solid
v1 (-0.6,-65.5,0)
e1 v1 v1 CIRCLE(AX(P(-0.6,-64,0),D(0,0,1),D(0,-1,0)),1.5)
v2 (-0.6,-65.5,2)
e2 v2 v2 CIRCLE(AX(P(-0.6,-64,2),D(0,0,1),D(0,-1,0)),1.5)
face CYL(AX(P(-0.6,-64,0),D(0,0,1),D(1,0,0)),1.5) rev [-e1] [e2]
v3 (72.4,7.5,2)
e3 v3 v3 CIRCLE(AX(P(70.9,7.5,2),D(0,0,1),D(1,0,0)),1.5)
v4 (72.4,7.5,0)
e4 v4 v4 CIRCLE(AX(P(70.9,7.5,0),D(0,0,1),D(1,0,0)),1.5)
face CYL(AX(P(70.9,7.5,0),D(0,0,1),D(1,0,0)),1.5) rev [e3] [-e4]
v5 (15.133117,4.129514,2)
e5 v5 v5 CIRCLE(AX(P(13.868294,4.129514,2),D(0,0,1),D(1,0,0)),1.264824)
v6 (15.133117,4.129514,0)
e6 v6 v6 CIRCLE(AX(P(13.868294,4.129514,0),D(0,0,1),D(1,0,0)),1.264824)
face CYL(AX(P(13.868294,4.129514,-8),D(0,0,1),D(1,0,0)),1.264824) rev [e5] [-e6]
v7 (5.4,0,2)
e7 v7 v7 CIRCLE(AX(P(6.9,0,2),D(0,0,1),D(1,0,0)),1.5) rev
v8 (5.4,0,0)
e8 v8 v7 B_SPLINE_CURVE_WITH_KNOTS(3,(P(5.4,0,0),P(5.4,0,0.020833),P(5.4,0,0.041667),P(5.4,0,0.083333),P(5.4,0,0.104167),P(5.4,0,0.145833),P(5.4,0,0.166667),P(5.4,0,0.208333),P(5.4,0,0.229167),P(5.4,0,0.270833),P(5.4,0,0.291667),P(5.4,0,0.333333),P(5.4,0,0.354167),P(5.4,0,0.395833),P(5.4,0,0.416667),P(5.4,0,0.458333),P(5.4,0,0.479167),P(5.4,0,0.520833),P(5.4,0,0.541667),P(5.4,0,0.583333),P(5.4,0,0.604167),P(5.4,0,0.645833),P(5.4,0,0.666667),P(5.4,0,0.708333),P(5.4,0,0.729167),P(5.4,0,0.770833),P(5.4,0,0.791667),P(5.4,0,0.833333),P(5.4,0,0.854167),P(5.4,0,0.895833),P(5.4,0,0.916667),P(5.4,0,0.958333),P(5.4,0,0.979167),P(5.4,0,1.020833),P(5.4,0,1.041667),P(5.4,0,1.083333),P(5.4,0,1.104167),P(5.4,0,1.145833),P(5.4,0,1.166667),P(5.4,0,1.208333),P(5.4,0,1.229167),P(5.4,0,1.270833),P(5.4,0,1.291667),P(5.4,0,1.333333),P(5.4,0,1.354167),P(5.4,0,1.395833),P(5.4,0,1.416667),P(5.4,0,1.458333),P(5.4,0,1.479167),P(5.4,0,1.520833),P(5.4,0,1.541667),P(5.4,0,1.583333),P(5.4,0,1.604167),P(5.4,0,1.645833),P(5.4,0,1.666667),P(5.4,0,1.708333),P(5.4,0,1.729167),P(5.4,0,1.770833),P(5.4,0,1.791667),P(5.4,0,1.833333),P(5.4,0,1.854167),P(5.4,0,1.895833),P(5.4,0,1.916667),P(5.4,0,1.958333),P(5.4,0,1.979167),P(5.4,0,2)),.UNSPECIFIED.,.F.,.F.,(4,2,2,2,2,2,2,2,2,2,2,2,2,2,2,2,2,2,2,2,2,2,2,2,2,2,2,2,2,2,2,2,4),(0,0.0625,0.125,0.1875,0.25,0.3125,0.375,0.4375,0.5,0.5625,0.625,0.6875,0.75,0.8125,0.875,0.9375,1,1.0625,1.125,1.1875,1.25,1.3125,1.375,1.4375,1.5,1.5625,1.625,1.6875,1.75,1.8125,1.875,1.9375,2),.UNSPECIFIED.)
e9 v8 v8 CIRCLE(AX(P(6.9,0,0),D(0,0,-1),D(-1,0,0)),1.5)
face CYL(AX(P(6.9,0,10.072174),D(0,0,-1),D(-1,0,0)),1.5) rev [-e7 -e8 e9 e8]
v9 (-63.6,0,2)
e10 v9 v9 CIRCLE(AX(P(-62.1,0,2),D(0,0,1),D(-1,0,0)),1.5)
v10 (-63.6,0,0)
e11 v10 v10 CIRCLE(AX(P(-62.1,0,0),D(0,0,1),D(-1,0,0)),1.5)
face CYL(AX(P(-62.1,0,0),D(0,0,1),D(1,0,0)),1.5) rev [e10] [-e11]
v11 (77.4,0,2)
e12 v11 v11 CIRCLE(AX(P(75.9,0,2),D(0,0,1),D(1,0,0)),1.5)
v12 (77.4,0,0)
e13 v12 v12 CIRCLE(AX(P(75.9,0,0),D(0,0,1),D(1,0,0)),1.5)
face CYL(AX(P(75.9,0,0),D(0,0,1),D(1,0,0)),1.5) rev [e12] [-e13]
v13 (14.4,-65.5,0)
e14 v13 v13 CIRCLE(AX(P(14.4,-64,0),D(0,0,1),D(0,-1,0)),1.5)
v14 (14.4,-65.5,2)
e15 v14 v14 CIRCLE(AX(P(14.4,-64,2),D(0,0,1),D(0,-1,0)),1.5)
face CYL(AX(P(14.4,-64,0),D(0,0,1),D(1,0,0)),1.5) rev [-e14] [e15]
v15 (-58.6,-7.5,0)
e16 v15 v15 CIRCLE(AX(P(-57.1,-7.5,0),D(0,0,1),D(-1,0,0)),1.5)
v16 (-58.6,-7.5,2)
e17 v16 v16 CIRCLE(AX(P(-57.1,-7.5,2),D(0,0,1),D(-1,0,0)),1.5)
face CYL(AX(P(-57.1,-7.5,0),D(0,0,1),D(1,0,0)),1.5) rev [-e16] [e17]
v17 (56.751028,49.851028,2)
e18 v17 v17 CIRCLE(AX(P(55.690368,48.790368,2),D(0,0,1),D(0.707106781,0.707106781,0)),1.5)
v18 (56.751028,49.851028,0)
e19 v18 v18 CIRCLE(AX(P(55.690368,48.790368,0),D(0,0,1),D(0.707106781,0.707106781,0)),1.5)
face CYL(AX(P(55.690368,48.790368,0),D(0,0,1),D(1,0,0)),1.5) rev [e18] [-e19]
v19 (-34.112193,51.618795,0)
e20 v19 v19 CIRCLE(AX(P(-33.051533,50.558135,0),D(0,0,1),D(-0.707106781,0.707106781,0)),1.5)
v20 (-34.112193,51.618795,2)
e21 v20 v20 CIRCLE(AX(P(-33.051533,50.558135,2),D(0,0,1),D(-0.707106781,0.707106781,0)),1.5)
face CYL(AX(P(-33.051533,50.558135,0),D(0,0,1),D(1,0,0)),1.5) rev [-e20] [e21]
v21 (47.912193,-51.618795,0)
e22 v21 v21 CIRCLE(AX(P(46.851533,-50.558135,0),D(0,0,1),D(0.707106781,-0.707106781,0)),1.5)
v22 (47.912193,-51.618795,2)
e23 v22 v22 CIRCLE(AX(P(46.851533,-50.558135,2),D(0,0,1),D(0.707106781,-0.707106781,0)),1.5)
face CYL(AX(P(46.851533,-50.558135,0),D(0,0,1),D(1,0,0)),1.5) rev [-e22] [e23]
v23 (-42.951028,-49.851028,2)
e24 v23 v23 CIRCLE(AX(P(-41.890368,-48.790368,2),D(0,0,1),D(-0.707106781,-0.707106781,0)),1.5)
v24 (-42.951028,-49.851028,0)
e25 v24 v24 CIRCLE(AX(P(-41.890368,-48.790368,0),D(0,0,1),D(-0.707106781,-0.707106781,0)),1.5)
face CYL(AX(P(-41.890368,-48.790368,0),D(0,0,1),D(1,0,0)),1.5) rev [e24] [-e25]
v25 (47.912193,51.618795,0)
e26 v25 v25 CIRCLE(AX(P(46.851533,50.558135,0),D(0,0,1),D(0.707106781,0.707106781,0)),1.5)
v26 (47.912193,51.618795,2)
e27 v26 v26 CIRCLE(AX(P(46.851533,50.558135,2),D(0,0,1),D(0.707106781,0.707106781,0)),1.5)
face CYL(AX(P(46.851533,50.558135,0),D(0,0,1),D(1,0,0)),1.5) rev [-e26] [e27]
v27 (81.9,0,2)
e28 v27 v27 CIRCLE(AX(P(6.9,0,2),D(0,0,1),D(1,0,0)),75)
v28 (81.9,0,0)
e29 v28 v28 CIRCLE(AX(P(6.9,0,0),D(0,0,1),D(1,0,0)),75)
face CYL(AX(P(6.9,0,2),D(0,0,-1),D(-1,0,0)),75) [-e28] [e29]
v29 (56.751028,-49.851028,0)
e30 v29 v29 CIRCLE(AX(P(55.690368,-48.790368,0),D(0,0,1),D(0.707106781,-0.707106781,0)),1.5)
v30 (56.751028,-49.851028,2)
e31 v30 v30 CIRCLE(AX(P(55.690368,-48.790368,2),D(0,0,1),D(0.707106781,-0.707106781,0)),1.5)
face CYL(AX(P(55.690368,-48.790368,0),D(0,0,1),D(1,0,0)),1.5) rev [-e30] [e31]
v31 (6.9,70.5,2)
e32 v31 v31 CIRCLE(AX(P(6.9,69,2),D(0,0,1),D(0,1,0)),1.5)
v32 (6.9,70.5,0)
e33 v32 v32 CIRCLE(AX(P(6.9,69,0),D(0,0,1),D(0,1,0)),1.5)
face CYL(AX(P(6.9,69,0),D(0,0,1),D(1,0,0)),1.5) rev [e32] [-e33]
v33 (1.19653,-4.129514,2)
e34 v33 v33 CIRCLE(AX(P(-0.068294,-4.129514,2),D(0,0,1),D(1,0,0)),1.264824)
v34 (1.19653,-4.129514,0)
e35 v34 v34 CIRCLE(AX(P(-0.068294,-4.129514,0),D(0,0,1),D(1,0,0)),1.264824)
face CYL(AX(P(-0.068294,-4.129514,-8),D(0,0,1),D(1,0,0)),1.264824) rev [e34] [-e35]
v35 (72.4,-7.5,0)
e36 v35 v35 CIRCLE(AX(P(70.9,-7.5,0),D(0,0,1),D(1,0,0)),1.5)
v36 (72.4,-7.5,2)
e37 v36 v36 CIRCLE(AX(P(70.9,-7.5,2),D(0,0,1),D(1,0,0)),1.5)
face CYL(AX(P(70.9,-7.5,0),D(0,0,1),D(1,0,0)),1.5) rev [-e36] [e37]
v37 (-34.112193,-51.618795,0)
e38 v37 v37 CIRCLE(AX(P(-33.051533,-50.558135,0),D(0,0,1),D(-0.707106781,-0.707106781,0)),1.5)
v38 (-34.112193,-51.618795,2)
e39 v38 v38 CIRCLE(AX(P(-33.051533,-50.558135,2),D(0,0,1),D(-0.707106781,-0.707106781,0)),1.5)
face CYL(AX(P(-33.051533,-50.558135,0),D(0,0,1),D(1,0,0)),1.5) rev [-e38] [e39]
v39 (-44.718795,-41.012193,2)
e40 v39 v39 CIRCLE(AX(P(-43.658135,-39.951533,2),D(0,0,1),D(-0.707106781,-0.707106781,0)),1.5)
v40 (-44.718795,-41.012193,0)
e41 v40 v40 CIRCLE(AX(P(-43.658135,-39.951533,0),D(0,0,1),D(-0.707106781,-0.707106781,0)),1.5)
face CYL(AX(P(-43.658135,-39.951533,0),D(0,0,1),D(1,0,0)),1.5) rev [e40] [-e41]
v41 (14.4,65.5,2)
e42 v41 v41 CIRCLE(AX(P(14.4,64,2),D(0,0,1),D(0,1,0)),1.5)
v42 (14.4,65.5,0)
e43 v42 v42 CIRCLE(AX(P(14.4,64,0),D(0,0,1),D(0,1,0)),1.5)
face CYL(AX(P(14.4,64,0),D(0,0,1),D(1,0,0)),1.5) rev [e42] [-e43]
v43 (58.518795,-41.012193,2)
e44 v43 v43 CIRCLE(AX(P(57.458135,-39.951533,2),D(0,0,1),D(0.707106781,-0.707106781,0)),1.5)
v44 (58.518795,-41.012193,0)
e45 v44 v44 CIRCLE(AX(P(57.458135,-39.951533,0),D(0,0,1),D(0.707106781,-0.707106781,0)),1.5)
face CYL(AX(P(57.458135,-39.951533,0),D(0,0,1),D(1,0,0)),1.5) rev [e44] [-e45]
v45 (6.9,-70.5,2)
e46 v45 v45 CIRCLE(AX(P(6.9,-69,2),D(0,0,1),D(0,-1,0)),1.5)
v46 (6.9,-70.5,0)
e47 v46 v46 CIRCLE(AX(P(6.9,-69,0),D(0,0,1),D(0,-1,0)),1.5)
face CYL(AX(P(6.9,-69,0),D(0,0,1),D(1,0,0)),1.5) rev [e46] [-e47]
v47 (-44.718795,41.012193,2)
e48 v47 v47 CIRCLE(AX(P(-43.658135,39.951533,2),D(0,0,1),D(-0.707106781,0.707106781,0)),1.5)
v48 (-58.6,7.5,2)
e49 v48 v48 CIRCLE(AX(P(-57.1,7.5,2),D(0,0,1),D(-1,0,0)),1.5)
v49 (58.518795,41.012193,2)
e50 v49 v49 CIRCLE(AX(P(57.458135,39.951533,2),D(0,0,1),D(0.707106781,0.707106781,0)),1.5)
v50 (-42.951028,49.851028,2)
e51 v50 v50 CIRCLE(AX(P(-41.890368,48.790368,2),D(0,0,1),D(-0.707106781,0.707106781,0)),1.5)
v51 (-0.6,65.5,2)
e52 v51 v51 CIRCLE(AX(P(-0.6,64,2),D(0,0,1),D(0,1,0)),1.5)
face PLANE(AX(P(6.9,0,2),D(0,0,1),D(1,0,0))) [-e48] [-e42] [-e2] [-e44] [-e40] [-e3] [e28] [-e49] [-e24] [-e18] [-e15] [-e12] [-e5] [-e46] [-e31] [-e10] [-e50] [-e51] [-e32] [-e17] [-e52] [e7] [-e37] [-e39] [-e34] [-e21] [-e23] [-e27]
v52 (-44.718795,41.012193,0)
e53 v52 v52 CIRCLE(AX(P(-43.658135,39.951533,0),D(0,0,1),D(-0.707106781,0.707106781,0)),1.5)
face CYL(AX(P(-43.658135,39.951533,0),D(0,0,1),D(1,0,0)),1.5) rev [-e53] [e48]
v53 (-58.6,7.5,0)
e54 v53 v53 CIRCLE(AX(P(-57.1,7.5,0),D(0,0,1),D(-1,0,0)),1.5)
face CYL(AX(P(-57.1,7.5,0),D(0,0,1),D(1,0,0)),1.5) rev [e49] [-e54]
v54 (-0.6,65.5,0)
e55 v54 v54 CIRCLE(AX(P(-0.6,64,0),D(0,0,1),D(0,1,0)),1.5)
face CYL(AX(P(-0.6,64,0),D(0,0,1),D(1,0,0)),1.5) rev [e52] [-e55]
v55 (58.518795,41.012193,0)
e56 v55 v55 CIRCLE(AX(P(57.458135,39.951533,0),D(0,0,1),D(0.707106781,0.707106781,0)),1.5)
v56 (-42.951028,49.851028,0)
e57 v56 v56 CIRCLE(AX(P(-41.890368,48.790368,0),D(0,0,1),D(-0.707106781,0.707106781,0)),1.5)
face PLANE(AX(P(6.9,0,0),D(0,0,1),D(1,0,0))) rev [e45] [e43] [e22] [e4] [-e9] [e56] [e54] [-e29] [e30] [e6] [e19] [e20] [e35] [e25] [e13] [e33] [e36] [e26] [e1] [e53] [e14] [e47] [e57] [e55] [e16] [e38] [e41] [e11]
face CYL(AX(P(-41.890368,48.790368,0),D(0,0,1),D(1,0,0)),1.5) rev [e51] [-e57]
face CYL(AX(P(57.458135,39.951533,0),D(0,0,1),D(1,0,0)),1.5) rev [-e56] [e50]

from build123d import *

# Parameters (mm, degrees)
SKETCH1_R           = 75
BOSS_EXTRUDE3_DEPTH = 2
SKETCH2_R           = 1.5
CUT_EXTRUDE1_DEPTH  = 2
CIRPATTERN2_COUNT   = 8
SKETCH3_R           = 1.5
BOSS_EXTRUDE4_DEPTH = 2
SKETCH4_R           = 1.264823641
CUT_EXTRUDE2_DEPTH  = 10


with BuildPart() as part:
    # Sketch1 → Boss-Extrude3 (new body)
    with BuildSketch(Plane.XY):
        with Locations((6.9, 0)):
            Circle(SKETCH1_R)
        with BuildLine():
            Line((9.3, 1.8), (9.3, -1.8))
            ThreePointArc((9.3, -1.8), (3.9, 0), (9.3, 1.8))
        make_face(mode=Mode.SUBTRACT)
    extrude(amount=BOSS_EXTRUDE3_DEPTH)

    # Sketch2 → Cut-Extrude1 (cut)
    with BuildSketch(Plane.XY.offset(2)):
        with Locations((75.9, 0)):
            Circle(SKETCH2_R)
        with Locations((70.9, -7.5)):
            Circle(SKETCH2_R)
        with Locations((70.9, 7.5)):
            Circle(SKETCH2_R)
    cut_extrude1 = extrude(amount=-CUT_EXTRUDE1_DEPTH, mode=Mode.SUBTRACT)

    # CirPattern2: Cut-Extrude1 ×8 about axis
    cirpattern2_axis = Axis((6.9, 0, 0), (0, 0, 1))
    for i in range(1, CIRPATTERN2_COUNT):
        add(cut_extrude1.rotate(cirpattern2_axis, i * 360 / CIRPATTERN2_COUNT), mode=Mode.SUBTRACT)

    # Sketch3 → Boss-Extrude4 (add)
    with BuildSketch(Plane(origin=(0, 0, 0), x_dir=(-1, 0, 0), z_dir=(0, 0, -1))):
        with BuildLine():
            Line((-9.3, -1.8), (-9.3, 1.8))
            ThreePointArc((-9.3, 1.8), (-3.9, 0), (-9.3, -1.8))
        make_face()
        with Locations((-6.9, 0)):
            Circle(SKETCH3_R, mode=Mode.SUBTRACT)
    extrude(amount=-BOSS_EXTRUDE4_DEPTH)

    # Sketch4 → Cut-Extrude2 (cut)
    with BuildSketch(Plane.XY.offset(2)):
        with Locations((13.868293577, 4.129513848)):
            Circle(SKETCH4_R)
        with Locations((-0.068293577, -4.129513848)):
            Circle(SKETCH4_R)
    extrude(amount=-CUT_EXTRUDE2_DEPTH, mode=Mode.SUBTRACT)


solid = part.part
